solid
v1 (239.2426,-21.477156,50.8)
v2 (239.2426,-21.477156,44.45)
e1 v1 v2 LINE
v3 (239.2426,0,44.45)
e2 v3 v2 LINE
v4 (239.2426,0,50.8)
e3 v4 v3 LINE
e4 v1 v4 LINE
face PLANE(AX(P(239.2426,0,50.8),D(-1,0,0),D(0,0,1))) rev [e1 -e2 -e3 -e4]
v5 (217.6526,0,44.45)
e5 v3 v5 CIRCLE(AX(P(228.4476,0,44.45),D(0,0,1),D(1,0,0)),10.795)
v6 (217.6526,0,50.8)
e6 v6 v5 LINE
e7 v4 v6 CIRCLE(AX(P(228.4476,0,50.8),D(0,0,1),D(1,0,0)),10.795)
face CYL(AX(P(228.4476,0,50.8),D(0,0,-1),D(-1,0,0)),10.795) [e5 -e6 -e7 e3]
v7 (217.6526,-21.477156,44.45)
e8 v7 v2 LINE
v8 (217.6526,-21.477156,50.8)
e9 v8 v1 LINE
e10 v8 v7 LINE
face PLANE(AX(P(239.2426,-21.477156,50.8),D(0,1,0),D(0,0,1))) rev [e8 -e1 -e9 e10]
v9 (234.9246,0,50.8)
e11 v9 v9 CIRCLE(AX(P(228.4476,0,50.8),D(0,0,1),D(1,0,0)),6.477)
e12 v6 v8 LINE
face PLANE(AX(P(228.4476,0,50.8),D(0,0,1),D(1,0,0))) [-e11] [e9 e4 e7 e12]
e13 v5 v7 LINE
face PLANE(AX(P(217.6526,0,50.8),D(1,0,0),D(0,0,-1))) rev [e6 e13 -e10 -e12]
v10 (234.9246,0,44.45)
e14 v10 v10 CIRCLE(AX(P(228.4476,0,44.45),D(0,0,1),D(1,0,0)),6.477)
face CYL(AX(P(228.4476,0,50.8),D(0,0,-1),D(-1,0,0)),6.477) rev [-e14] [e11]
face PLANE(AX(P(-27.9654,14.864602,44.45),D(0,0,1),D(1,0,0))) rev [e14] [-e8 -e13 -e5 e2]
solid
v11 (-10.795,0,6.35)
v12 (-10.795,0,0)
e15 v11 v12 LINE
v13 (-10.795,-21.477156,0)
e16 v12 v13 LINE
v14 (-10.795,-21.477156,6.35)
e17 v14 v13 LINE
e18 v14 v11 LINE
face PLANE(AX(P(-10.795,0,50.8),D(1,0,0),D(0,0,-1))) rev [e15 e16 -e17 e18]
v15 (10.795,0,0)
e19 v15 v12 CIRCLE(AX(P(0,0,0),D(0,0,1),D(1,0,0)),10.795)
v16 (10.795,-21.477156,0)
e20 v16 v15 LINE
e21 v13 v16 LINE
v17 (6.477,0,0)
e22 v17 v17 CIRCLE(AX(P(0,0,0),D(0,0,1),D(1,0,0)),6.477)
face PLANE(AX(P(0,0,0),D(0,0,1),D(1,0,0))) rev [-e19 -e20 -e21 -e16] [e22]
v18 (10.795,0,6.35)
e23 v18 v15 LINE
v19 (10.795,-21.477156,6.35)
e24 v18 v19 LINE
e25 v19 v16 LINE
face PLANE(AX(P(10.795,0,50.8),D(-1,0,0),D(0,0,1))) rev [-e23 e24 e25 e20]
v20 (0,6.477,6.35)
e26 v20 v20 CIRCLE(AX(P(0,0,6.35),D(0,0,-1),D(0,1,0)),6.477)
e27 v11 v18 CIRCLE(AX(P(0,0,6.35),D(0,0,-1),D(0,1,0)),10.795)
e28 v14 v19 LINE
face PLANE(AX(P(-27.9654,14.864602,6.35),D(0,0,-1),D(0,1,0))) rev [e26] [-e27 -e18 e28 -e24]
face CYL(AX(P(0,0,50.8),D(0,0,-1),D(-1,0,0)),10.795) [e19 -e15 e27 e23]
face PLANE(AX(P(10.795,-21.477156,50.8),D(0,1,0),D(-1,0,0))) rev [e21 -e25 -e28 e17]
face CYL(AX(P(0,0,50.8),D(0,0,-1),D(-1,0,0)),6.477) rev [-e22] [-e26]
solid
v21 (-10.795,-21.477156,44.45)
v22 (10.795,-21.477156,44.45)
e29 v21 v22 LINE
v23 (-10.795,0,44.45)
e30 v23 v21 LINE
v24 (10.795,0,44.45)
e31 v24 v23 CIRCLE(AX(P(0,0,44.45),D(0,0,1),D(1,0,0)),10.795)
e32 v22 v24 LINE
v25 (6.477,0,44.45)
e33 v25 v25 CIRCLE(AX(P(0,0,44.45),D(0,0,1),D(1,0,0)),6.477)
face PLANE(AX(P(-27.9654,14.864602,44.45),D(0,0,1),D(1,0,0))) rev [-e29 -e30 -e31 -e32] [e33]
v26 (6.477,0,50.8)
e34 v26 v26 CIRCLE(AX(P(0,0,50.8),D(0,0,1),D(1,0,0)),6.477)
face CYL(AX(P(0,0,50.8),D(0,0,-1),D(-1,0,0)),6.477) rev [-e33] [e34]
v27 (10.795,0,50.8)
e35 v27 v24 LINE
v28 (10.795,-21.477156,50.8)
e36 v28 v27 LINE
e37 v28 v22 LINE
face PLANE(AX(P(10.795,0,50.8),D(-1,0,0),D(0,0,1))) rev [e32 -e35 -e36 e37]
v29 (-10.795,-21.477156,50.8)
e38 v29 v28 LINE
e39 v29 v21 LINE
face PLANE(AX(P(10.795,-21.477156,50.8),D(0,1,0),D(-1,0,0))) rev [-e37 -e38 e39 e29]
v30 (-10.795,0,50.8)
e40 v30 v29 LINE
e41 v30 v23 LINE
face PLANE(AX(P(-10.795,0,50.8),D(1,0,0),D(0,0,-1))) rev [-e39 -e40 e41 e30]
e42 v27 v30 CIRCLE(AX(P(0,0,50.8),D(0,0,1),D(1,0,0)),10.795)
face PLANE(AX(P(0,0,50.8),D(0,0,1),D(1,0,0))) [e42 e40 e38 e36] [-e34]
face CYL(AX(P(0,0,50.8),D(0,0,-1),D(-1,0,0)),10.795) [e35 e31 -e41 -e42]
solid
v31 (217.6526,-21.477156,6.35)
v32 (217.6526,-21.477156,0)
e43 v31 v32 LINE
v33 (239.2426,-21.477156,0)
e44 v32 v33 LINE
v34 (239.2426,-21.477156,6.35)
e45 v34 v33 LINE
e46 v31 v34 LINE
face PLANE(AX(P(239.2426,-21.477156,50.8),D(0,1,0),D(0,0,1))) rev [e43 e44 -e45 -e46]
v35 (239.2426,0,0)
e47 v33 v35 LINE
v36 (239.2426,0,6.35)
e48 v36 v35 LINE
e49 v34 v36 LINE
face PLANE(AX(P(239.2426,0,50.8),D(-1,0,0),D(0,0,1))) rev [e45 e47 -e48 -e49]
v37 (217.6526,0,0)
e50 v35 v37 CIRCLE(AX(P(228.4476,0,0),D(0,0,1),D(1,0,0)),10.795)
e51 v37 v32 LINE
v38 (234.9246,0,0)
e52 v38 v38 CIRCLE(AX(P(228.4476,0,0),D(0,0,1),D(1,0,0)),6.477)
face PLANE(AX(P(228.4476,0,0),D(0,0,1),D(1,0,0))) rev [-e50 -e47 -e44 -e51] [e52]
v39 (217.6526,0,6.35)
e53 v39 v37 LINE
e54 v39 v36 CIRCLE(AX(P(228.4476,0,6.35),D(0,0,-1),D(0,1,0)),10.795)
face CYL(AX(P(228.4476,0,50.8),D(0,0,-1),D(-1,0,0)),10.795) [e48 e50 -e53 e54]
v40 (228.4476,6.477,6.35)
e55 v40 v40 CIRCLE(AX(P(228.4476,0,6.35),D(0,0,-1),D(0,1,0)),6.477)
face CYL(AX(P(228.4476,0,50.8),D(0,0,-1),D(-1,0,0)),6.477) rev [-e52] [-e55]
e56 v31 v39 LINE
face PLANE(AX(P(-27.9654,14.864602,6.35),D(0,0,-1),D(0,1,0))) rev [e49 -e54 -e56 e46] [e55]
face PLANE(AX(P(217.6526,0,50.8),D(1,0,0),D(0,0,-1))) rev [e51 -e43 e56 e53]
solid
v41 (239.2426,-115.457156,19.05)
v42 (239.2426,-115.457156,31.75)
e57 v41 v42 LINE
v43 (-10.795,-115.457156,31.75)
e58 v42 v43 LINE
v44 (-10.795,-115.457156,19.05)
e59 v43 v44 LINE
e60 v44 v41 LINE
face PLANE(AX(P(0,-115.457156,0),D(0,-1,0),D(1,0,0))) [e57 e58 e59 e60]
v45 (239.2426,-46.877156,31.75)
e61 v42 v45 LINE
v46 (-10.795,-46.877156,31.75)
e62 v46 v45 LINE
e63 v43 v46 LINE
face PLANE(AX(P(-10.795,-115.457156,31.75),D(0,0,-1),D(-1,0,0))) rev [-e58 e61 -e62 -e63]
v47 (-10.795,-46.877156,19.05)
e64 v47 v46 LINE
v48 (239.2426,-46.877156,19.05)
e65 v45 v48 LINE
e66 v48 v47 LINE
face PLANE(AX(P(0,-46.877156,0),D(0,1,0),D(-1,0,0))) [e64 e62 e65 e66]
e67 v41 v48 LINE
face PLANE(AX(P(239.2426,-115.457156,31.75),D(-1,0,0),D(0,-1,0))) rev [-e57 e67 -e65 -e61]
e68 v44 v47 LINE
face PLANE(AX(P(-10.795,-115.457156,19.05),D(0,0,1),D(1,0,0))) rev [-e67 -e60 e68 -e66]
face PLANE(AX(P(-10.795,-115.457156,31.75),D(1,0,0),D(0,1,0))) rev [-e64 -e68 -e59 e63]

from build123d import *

# Parameters (mm, degrees)
SKETCH2_R             = 6.477
BOSS_EXTRUDE1_DEPTH   = 50.8
BOSS_EXTRUDE1_2_DEPTH = 50.8
SKETCH6_W             = 38.1
SKETCH6_H             = 36.341758233
CUT_EXTRUDE2_DEPTH    = 267.208
SKETCH9_W             = 250.0376
SKETCH9_H             = 12.7
BOSS_EXTRUDE2_DEPTH   = 93.98
SKETCH10_W            = 250.0376
SKETCH10_H            = 12.7
CUT_EXTRUDE3_DEPTH    = 25.4


with BuildPart() as part:
    # Sketch2 → Boss-Extrude1 (new body)
    with BuildSketch(Plane.XY):
        with BuildLine():
            Line((-10.795, 0), (-10.795, -21.477155865))
            Line((-10.795, -21.477155865), (10.795, -21.477155865))
            Line((10.795, -21.477155865), (10.795, 0))
            ThreePointArc((10.795, 0), (0, 10.795), (-10.795, 0))
        make_face()
        Circle(SKETCH2_R, mode=Mode.SUBTRACT)
    extrude(amount=BOSS_EXTRUDE1_DEPTH)


with BuildPart() as body_2:
    # Sketch2 → Boss-Extrude1 2 (new body)
    with BuildSketch(Plane.XY):
        with BuildLine():
            Line((217.6526, 0), (217.6526, -21.477155865))
            Line((217.6526, -21.477155865), (239.2426, -21.477155865))
            Line((239.2426, -21.477155865), (239.2426, 0))
            ThreePointArc((239.2426, 0), (228.4476, 10.795), (217.6526, 0))
        make_face()
        with Locations((228.4476, 0)):
            Circle(SKETCH2_R, mode=Mode.SUBTRACT)
    extrude(amount=BOSS_EXTRUDE1_2_DEPTH)


with BuildPart() as cut_extrude2_tool:
    # Sketch6 → Cut-Extrude2 (new body)
    with BuildSketch(Plane(origin=(239.2426, 0, 0), x_dir=(0, 0, -1), z_dir=(1, 0, 0))):
        with Locations((-25.4, -3.306276748)):
            Rectangle(SKETCH6_W, SKETCH6_H)
    extrude(amount=-CUT_EXTRUDE2_DEPTH)


with BuildPart() as part_1:
    add(part.part)

    # Cut-Extrude2: cut by cut_extrude2_tool
    add(cut_extrude2_tool.part, mode=Mode.SUBTRACT)


with BuildPart() as body_2_1:
    add(body_2.part)

    # Cut-Extrude2: cut by cut_extrude2_tool
    add(cut_extrude2_tool.part, mode=Mode.SUBTRACT)


with BuildPart() as body_3:
    # Sketch9 → Boss-Extrude2 (new body)
    with BuildSketch(Plane.XZ.offset(21.477155865)):
        with Locations((114.2238, 25.4)):
            Rectangle(SKETCH9_W, SKETCH9_H)
    extrude(amount=BOSS_EXTRUDE2_DEPTH)

    # Sketch10 → Cut-Extrude3 (cut)
    with BuildSketch(Plane(origin=(0, -21.477155865, 0), x_dir=(1, 0, 0), z_dir=(0, 1, 0))):
        with Locations((114.2238, -25.4)):
            Rectangle(SKETCH10_W, SKETCH10_H)
    extrude(amount=-CUT_EXTRUDE3_DEPTH, mode=Mode.SUBTRACT)


solid = Compound([part_1.part, body_2_1.part, body_3.part])
